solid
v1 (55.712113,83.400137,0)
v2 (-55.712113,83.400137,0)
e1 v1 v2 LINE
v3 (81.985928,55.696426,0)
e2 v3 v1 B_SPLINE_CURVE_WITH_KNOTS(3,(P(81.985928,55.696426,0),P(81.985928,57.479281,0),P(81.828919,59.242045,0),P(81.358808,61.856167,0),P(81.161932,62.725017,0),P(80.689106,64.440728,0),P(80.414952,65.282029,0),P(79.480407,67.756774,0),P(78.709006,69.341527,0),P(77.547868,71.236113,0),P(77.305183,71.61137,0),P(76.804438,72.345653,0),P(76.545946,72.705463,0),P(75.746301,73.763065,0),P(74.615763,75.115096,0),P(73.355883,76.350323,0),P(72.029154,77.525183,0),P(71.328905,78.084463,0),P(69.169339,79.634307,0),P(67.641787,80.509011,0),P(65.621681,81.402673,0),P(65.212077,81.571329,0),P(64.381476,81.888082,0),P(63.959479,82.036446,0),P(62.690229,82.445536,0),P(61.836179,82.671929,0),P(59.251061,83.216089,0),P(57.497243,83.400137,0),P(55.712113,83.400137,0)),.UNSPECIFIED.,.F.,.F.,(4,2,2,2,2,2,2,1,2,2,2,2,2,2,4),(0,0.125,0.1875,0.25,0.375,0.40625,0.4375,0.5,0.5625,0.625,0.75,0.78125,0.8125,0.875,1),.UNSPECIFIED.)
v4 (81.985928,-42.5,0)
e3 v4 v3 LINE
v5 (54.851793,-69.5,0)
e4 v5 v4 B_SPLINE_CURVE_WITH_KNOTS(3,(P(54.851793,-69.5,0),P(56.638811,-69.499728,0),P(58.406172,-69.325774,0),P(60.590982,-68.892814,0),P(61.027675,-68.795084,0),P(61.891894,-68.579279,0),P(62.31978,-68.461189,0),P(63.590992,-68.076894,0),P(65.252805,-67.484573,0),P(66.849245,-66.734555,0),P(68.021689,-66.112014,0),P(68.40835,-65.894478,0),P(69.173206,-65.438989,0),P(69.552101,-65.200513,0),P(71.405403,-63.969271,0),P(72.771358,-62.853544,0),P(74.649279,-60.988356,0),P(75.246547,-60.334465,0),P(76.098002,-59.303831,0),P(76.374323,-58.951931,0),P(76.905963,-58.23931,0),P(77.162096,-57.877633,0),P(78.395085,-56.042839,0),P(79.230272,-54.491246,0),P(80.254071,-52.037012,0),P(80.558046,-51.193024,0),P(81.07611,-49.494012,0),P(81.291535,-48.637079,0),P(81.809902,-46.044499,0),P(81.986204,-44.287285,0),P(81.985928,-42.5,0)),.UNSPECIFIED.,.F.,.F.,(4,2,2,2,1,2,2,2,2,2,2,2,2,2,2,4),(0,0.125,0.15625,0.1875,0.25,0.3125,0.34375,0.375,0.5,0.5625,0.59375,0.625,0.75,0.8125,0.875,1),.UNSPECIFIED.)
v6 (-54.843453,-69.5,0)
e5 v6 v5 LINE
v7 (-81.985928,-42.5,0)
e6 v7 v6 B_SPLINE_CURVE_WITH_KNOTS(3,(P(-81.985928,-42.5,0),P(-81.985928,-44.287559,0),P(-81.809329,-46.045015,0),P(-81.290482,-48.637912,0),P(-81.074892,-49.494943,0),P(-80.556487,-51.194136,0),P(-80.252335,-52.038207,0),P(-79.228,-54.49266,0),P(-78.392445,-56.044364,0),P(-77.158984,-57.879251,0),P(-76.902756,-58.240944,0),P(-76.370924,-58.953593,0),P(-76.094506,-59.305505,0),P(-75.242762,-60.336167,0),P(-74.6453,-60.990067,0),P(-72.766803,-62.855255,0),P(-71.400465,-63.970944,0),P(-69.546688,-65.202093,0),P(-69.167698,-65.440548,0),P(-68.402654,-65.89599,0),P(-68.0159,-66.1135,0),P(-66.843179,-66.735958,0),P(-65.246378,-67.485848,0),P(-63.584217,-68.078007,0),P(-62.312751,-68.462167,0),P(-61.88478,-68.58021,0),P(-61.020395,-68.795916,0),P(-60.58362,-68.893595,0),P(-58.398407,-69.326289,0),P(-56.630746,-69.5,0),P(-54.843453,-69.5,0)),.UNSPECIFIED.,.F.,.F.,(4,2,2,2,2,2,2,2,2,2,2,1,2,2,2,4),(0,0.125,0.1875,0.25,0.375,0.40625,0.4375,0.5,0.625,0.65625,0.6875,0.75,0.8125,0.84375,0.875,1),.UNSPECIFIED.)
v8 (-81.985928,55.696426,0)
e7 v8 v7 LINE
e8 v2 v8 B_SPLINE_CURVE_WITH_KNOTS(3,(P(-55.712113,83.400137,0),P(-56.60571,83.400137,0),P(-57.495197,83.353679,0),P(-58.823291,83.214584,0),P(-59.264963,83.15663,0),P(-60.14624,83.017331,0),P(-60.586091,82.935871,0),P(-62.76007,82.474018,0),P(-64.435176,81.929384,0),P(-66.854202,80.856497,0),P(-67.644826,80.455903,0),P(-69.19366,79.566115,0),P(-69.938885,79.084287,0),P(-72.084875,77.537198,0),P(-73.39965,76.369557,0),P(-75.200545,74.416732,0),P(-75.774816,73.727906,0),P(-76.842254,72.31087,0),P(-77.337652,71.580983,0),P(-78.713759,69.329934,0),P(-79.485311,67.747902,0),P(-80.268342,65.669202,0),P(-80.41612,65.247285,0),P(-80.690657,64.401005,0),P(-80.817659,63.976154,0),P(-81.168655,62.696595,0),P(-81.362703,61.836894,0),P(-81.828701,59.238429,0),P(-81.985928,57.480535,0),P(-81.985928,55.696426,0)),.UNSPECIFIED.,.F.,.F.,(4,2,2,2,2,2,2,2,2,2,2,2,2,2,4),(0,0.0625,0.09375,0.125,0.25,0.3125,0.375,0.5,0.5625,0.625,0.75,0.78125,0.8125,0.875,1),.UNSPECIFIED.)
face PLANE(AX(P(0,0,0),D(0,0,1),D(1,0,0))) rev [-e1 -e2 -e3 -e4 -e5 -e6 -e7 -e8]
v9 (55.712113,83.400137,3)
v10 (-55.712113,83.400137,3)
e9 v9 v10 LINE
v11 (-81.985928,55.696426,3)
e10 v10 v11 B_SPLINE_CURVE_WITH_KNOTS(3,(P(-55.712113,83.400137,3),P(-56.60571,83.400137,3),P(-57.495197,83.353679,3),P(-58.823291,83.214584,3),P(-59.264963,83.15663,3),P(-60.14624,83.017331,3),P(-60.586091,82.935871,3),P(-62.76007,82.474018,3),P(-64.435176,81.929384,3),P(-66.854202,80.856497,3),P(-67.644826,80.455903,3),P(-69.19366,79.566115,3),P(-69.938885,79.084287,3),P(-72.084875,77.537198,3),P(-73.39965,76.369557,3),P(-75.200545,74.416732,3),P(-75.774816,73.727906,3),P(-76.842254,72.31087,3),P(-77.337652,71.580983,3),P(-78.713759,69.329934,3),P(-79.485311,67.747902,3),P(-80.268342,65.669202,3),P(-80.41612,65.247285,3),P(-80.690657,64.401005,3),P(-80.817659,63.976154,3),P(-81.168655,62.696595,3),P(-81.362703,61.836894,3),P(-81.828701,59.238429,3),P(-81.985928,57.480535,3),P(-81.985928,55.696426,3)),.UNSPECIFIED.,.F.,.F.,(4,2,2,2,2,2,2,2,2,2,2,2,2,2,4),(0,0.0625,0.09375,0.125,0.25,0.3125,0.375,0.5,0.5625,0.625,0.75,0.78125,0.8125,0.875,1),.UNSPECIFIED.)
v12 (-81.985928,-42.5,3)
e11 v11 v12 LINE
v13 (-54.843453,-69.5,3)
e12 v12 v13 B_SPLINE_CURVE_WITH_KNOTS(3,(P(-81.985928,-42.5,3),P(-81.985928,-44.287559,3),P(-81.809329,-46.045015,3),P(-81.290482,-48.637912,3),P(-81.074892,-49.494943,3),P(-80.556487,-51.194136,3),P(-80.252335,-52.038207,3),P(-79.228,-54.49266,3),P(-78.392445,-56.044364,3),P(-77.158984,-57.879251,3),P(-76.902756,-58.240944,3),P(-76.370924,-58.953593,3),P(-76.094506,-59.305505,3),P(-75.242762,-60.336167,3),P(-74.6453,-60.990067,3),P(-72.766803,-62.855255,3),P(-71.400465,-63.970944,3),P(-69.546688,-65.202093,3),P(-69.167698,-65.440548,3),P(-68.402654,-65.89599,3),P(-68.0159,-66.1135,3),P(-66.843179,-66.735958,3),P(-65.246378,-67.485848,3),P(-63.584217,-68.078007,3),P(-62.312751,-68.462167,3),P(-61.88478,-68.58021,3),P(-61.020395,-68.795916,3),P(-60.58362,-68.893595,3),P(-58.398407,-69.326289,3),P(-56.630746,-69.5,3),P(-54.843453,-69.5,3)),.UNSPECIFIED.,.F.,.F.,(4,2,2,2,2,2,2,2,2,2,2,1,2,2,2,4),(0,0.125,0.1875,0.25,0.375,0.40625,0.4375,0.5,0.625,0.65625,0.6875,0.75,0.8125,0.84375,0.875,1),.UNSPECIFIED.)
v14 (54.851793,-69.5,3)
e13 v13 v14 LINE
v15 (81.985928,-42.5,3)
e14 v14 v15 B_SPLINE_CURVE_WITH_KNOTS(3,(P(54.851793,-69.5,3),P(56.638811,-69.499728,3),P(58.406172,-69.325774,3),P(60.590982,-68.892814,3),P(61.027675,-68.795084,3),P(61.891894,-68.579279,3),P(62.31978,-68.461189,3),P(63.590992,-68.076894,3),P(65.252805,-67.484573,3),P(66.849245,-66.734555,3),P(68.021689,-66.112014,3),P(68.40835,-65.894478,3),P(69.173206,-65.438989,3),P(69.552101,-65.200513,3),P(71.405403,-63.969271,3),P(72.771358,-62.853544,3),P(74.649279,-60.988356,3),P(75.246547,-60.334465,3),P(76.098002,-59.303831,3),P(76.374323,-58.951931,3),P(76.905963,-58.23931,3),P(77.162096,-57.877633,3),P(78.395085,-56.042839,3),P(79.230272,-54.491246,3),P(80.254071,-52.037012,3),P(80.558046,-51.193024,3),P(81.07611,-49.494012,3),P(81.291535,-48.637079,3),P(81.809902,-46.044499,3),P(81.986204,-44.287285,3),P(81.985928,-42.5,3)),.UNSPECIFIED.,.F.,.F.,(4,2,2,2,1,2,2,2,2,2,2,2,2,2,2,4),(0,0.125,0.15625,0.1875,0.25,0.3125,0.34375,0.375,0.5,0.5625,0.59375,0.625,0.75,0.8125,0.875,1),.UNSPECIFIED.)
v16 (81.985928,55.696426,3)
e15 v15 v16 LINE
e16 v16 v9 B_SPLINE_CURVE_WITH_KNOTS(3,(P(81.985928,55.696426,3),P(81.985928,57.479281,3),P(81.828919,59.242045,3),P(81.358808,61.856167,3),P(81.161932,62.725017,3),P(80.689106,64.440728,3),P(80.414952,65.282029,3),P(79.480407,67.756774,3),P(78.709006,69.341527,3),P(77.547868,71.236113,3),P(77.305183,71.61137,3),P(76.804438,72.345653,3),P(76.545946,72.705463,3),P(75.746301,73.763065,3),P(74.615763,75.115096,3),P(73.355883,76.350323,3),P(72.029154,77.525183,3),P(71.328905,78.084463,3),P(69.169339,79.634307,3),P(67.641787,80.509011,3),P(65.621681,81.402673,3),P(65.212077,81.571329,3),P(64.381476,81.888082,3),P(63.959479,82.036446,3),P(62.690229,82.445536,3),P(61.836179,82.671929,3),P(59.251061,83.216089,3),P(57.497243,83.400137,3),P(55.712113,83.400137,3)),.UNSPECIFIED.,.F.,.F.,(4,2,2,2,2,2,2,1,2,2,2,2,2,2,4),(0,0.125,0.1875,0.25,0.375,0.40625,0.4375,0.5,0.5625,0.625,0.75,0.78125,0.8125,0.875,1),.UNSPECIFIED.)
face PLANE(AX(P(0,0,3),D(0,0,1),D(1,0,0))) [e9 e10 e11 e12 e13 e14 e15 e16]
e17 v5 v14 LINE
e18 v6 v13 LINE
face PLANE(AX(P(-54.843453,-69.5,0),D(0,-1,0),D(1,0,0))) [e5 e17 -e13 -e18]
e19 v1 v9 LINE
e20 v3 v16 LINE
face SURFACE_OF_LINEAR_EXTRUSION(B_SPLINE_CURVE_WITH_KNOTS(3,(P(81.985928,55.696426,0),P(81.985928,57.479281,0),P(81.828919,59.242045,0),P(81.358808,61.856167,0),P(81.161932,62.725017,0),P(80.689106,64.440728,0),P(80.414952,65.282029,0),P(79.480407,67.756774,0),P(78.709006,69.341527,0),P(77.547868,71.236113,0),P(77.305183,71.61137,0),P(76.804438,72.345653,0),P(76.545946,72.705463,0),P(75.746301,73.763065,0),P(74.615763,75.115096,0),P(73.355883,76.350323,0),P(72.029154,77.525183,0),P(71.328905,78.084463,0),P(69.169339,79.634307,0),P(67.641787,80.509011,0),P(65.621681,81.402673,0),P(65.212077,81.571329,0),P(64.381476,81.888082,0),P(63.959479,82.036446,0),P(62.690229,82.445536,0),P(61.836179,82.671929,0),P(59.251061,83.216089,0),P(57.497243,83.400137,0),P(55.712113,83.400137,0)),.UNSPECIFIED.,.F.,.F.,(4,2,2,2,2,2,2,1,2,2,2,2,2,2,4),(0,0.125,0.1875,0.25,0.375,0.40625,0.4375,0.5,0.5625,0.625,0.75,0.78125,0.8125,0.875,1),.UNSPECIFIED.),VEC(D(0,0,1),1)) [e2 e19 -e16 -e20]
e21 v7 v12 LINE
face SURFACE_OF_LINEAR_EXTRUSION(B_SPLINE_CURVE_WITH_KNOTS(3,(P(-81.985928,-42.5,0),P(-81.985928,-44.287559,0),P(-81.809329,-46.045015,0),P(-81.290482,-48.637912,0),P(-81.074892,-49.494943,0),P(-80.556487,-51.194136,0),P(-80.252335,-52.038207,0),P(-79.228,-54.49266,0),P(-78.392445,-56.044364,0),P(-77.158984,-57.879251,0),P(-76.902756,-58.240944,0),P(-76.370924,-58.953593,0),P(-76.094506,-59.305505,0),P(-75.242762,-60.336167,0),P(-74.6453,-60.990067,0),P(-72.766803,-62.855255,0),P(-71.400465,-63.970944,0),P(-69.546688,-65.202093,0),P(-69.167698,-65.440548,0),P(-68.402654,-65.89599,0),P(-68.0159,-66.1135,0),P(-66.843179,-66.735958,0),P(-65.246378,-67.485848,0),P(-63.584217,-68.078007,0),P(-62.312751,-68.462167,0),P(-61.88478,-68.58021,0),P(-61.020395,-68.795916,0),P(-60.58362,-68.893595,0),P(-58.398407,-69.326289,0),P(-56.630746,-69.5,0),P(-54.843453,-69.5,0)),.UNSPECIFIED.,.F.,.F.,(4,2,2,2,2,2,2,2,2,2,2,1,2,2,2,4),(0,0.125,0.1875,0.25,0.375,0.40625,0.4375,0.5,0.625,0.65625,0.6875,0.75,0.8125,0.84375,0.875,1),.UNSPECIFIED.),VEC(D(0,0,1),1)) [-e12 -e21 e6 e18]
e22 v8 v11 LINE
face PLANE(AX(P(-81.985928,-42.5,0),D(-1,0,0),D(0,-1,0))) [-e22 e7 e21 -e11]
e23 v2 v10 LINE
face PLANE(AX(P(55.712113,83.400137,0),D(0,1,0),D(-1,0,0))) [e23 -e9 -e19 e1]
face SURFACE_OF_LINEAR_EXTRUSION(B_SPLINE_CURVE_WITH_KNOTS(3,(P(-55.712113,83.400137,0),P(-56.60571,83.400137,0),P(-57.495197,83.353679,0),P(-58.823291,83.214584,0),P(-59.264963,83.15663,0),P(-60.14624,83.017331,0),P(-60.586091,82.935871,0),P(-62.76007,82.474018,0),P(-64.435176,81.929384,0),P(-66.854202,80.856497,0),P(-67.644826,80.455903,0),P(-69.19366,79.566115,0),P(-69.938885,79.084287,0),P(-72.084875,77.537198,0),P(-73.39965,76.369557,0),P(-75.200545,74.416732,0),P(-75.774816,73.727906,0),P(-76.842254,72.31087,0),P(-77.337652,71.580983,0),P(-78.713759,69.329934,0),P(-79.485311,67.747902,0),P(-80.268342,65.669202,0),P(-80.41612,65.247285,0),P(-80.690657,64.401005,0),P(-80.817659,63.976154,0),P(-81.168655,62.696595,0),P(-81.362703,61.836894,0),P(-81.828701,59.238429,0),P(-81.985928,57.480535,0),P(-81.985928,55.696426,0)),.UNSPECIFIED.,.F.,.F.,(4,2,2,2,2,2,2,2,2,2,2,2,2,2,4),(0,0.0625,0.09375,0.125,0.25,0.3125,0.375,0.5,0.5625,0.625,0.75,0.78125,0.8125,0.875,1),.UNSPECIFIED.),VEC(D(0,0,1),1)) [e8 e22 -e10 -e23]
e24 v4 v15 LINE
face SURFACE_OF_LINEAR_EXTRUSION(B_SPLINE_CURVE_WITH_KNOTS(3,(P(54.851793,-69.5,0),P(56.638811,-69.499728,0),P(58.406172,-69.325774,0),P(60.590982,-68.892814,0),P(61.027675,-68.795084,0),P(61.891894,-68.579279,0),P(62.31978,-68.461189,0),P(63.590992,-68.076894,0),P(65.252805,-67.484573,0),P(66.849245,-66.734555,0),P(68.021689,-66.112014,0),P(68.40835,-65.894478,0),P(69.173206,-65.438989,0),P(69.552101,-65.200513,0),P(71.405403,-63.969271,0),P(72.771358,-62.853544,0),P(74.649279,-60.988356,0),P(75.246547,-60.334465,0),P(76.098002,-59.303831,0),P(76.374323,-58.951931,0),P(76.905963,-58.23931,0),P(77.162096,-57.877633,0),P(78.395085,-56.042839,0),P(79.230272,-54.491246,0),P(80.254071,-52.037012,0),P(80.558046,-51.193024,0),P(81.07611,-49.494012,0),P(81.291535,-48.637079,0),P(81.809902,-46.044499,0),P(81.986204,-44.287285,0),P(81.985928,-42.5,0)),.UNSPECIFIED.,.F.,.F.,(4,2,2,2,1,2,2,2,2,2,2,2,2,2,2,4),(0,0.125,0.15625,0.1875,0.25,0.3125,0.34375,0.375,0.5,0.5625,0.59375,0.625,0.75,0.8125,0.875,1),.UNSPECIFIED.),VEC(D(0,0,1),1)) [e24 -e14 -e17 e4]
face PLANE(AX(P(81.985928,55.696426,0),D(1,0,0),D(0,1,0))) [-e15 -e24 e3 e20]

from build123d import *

# Parameters (mm, degrees)
SKETCH1_W               = 208.77467438
SKETCH1_H               = 197.406670985
BOSS_EXTRUDE1_DEPTH     = 3
CUT_EXTRUDE1_DEPTH      = 164.40940796
CUT_EXTRUDE1_DEPTH_BACK = 164.40940796
SKETCH3_OUTSIDE_W       = 268.242
SKETCH3_OUTSIDE_H       = 256.875


with BuildPart() as part:
    # Sketch1 → Boss-Extrude1 (new body)
    with BuildSketch(Plane.XY):
        with Locations((-0.931028509, 26.203335493)):
            Rectangle(SKETCH1_W, SKETCH1_H)
    extrude(amount=BOSS_EXTRUDE1_DEPTH)

    # Sketch3 outside → Cut-Extrude1 (cut, two sides: drawn at the far end of the back side and taken through both)
    with BuildSketch(Plane.XY.offset(3).offset(-CUT_EXTRUDE1_DEPTH_BACK)):
        with Locations((-0.931, 26.2035)):
            Rectangle(SKETCH3_OUTSIDE_W, SKETCH3_OUTSIDE_H)
        with BuildLine():
            Line((-81.985928335, -42.5), (-81.985928335, 55.696425663))
            add(Edge.make_bspline(
                [(-81.985928335, 55.696425663), (-81.985928335, 57.480534677), (-81.828701176, 59.238428606), (-81.362703019, 61.836894473), (-81.168655213, 62.696594648), (-80.817659424, 63.976153538), (-80.690657051, 64.401005201), (-80.416120483, 65.247285176), (-80.268341823, 65.669201948), (-79.485311166, 67.74790183), (-78.713759279, 69.329933851), (-77.337651642, 71.580982924), (-76.842253677, 72.310870019), (-75.774816372, 73.727906406), (-75.200545054, 74.416732357), (-73.399650263, 76.369557228), (-72.084874818, 77.537197895), (-69.938884948, 79.084287147), (-69.193659576, 79.566114694), (-67.644825986, 80.455903449), (-66.854202021, 80.856496815), (-64.435175535, 81.929383584), (-62.76006993, 82.474017815), (-60.586090646, 82.935871053), (-60.146240413, 83.017331265), (-59.264963373, 83.156629561), (-58.823290579, 83.214583953), (-57.495197363, 83.353679385), (-56.605709599, 83.400137351), (-55.712113128, 83.400137351)],
                knots=[0, 0, 0, 0, 0.125, 0.125, 0.1875, 0.1875, 0.21875, 0.21875, 0.25, 0.25, 0.375, 0.375, 0.4375, 0.4375, 0.5, 0.5, 0.625, 0.625, 0.6875, 0.6875, 0.75, 0.75, 0.875, 0.875, 0.90625, 0.90625, 0.9375, 0.9375, 1, 1, 1, 1], degree=3))
            Line((-55.712113128, 83.400137351), (55.712113128, 83.400137351))
            add(Edge.make_bspline(
                [(55.712113128, 83.400137351), (57.497242838, 83.400137351), (59.251060991, 83.216089045), (61.836179278, 82.671928723), (62.690228593, 82.445535646), (63.959478786, 82.036446245), (64.38147595, 81.888081723), (65.212077414, 81.571329483), (65.621681438, 81.402672573), (67.641787253, 80.509011364), (69.169338506, 79.634307087), (71.328904651, 78.084463437), (72.029153614, 77.525182809), (73.355882665, 76.35032325), (74.61576323, 75.115096033), (75.746300865, 73.76306543), (76.545945736, 72.705462674), (76.804437526, 72.345652984), (77.30518303, 71.611369777), (77.547868028, 71.236112589), (78.709005613, 69.341527304), (79.480407253, 67.756774461), (80.414952122, 65.282029433), (80.68910641, 64.440727699), (81.161932034, 62.725016727), (81.358808241, 61.856167244), (81.828919146, 59.242044526), (81.985928335, 57.47928148), (81.985928335, 55.696425663)],
                knots=[0, 0, 0, 0, 0.125, 0.125, 0.1875, 0.1875, 0.21875, 0.21875, 0.25, 0.25, 0.375, 0.375, 0.4375, 0.4375, 0.5, 0.5625, 0.5625, 0.59375, 0.59375, 0.625, 0.625, 0.75, 0.75, 0.8125, 0.8125, 0.875, 0.875, 1, 1, 1, 1], degree=3))
            Line((81.985928335, 55.696425663), (81.985928335, -42.5))
            add(Edge.make_bspline(
                [(81.985928335, -42.5), (81.986203644, -44.287285237), (81.809901717, -46.044499409), (81.291534566, -48.637079121), (81.076109979, -49.494011536), (80.558046439, -51.193023778), (80.25407127, -52.037011955), (79.230272052, -54.491245533), (78.395084715, -56.042839053), (77.162096296, -57.877633011), (76.905963129, -58.23930967), (76.374323181, -58.951931073), (76.098001775, -59.303830549), (75.246547421, -60.334465254), (74.64927886, -60.988355507), (72.771357993, -62.853544286), (71.405402717, -63.969270823), (69.552101326, -65.200512974), (69.173205674, -65.438989032), (68.408349501, -65.894477816), (68.021689437, -66.1120138), (66.849244821, -66.734554973), (65.252805428, -67.484573056), (63.590991588, -68.076894408), (62.319780084, -68.461189354), (61.891893773, -68.579279078), (61.02767473, -68.795084), (60.590982473, -68.892814069), (58.406172049, -69.325774201), (56.638810883, -69.499728058), (54.851793425, -69.5)],
                knots=[0, 0, 0, 0, 0.125, 0.125, 0.1875, 0.1875, 0.25, 0.25, 0.375, 0.375, 0.40625, 0.40625, 0.4375, 0.4375, 0.5, 0.5, 0.625, 0.625, 0.65625, 0.65625, 0.6875, 0.6875, 0.75, 0.8125, 0.8125, 0.84375, 0.84375, 0.875, 0.875, 1, 1, 1, 1], degree=3))
            Line((54.851793425, -69.5), (-54.843453461, -69.5))
            add(Edge.make_bspline(
                [(-81.985928335, -42.5), (-81.985928335, -44.287558655), (-81.809328529, -46.04501477), (-81.290482101, -48.637912138), (-81.074892306, -49.494942838), (-80.5564872, -51.194136105), (-80.252335175, -52.03820711), (-79.228000127, -54.492660255), (-78.39244508, -56.044363985), (-77.158984035, -57.879250925), (-76.902755688, -58.240943921), (-76.370924048, -58.953593408), (-76.094505857, -59.305504654), (-75.242761547, -60.336167409), (-74.645300231, -60.990066774), (-72.766802697, -62.855255026), (-71.40046509, -63.970944322), (-69.54668849, -65.202092726), (-69.167697725, -65.440547593), (-68.402653545, -65.895989636), (-68.015900398, -66.113500043), (-66.843179244, -66.735957991), (-65.246378354, -67.485847817), (-63.584217239, -68.07800684), (-62.312750686, -68.462167088), (-61.884780262, -68.580209751), (-61.020394829, -68.795916147), (-60.583620238, -68.8935947), (-58.398406517, -69.326288528), (-56.630746271, -69.5), (-54.843453461, -69.5)],
                knots=[0, 0, 0, 0, 0.125, 0.125, 0.1875, 0.1875, 0.25, 0.25, 0.375, 0.375, 0.40625, 0.40625, 0.4375, 0.4375, 0.5, 0.5, 0.625, 0.625, 0.65625, 0.65625, 0.6875, 0.6875, 0.75, 0.8125, 0.8125, 0.84375, 0.84375, 0.875, 0.875, 1, 1, 1, 1], degree=3))
        make_face(mode=Mode.SUBTRACT)
    extrude(amount=CUT_EXTRUDE1_DEPTH + CUT_EXTRUDE1_DEPTH_BACK, mode=Mode.SUBTRACT)


solid = part.part
